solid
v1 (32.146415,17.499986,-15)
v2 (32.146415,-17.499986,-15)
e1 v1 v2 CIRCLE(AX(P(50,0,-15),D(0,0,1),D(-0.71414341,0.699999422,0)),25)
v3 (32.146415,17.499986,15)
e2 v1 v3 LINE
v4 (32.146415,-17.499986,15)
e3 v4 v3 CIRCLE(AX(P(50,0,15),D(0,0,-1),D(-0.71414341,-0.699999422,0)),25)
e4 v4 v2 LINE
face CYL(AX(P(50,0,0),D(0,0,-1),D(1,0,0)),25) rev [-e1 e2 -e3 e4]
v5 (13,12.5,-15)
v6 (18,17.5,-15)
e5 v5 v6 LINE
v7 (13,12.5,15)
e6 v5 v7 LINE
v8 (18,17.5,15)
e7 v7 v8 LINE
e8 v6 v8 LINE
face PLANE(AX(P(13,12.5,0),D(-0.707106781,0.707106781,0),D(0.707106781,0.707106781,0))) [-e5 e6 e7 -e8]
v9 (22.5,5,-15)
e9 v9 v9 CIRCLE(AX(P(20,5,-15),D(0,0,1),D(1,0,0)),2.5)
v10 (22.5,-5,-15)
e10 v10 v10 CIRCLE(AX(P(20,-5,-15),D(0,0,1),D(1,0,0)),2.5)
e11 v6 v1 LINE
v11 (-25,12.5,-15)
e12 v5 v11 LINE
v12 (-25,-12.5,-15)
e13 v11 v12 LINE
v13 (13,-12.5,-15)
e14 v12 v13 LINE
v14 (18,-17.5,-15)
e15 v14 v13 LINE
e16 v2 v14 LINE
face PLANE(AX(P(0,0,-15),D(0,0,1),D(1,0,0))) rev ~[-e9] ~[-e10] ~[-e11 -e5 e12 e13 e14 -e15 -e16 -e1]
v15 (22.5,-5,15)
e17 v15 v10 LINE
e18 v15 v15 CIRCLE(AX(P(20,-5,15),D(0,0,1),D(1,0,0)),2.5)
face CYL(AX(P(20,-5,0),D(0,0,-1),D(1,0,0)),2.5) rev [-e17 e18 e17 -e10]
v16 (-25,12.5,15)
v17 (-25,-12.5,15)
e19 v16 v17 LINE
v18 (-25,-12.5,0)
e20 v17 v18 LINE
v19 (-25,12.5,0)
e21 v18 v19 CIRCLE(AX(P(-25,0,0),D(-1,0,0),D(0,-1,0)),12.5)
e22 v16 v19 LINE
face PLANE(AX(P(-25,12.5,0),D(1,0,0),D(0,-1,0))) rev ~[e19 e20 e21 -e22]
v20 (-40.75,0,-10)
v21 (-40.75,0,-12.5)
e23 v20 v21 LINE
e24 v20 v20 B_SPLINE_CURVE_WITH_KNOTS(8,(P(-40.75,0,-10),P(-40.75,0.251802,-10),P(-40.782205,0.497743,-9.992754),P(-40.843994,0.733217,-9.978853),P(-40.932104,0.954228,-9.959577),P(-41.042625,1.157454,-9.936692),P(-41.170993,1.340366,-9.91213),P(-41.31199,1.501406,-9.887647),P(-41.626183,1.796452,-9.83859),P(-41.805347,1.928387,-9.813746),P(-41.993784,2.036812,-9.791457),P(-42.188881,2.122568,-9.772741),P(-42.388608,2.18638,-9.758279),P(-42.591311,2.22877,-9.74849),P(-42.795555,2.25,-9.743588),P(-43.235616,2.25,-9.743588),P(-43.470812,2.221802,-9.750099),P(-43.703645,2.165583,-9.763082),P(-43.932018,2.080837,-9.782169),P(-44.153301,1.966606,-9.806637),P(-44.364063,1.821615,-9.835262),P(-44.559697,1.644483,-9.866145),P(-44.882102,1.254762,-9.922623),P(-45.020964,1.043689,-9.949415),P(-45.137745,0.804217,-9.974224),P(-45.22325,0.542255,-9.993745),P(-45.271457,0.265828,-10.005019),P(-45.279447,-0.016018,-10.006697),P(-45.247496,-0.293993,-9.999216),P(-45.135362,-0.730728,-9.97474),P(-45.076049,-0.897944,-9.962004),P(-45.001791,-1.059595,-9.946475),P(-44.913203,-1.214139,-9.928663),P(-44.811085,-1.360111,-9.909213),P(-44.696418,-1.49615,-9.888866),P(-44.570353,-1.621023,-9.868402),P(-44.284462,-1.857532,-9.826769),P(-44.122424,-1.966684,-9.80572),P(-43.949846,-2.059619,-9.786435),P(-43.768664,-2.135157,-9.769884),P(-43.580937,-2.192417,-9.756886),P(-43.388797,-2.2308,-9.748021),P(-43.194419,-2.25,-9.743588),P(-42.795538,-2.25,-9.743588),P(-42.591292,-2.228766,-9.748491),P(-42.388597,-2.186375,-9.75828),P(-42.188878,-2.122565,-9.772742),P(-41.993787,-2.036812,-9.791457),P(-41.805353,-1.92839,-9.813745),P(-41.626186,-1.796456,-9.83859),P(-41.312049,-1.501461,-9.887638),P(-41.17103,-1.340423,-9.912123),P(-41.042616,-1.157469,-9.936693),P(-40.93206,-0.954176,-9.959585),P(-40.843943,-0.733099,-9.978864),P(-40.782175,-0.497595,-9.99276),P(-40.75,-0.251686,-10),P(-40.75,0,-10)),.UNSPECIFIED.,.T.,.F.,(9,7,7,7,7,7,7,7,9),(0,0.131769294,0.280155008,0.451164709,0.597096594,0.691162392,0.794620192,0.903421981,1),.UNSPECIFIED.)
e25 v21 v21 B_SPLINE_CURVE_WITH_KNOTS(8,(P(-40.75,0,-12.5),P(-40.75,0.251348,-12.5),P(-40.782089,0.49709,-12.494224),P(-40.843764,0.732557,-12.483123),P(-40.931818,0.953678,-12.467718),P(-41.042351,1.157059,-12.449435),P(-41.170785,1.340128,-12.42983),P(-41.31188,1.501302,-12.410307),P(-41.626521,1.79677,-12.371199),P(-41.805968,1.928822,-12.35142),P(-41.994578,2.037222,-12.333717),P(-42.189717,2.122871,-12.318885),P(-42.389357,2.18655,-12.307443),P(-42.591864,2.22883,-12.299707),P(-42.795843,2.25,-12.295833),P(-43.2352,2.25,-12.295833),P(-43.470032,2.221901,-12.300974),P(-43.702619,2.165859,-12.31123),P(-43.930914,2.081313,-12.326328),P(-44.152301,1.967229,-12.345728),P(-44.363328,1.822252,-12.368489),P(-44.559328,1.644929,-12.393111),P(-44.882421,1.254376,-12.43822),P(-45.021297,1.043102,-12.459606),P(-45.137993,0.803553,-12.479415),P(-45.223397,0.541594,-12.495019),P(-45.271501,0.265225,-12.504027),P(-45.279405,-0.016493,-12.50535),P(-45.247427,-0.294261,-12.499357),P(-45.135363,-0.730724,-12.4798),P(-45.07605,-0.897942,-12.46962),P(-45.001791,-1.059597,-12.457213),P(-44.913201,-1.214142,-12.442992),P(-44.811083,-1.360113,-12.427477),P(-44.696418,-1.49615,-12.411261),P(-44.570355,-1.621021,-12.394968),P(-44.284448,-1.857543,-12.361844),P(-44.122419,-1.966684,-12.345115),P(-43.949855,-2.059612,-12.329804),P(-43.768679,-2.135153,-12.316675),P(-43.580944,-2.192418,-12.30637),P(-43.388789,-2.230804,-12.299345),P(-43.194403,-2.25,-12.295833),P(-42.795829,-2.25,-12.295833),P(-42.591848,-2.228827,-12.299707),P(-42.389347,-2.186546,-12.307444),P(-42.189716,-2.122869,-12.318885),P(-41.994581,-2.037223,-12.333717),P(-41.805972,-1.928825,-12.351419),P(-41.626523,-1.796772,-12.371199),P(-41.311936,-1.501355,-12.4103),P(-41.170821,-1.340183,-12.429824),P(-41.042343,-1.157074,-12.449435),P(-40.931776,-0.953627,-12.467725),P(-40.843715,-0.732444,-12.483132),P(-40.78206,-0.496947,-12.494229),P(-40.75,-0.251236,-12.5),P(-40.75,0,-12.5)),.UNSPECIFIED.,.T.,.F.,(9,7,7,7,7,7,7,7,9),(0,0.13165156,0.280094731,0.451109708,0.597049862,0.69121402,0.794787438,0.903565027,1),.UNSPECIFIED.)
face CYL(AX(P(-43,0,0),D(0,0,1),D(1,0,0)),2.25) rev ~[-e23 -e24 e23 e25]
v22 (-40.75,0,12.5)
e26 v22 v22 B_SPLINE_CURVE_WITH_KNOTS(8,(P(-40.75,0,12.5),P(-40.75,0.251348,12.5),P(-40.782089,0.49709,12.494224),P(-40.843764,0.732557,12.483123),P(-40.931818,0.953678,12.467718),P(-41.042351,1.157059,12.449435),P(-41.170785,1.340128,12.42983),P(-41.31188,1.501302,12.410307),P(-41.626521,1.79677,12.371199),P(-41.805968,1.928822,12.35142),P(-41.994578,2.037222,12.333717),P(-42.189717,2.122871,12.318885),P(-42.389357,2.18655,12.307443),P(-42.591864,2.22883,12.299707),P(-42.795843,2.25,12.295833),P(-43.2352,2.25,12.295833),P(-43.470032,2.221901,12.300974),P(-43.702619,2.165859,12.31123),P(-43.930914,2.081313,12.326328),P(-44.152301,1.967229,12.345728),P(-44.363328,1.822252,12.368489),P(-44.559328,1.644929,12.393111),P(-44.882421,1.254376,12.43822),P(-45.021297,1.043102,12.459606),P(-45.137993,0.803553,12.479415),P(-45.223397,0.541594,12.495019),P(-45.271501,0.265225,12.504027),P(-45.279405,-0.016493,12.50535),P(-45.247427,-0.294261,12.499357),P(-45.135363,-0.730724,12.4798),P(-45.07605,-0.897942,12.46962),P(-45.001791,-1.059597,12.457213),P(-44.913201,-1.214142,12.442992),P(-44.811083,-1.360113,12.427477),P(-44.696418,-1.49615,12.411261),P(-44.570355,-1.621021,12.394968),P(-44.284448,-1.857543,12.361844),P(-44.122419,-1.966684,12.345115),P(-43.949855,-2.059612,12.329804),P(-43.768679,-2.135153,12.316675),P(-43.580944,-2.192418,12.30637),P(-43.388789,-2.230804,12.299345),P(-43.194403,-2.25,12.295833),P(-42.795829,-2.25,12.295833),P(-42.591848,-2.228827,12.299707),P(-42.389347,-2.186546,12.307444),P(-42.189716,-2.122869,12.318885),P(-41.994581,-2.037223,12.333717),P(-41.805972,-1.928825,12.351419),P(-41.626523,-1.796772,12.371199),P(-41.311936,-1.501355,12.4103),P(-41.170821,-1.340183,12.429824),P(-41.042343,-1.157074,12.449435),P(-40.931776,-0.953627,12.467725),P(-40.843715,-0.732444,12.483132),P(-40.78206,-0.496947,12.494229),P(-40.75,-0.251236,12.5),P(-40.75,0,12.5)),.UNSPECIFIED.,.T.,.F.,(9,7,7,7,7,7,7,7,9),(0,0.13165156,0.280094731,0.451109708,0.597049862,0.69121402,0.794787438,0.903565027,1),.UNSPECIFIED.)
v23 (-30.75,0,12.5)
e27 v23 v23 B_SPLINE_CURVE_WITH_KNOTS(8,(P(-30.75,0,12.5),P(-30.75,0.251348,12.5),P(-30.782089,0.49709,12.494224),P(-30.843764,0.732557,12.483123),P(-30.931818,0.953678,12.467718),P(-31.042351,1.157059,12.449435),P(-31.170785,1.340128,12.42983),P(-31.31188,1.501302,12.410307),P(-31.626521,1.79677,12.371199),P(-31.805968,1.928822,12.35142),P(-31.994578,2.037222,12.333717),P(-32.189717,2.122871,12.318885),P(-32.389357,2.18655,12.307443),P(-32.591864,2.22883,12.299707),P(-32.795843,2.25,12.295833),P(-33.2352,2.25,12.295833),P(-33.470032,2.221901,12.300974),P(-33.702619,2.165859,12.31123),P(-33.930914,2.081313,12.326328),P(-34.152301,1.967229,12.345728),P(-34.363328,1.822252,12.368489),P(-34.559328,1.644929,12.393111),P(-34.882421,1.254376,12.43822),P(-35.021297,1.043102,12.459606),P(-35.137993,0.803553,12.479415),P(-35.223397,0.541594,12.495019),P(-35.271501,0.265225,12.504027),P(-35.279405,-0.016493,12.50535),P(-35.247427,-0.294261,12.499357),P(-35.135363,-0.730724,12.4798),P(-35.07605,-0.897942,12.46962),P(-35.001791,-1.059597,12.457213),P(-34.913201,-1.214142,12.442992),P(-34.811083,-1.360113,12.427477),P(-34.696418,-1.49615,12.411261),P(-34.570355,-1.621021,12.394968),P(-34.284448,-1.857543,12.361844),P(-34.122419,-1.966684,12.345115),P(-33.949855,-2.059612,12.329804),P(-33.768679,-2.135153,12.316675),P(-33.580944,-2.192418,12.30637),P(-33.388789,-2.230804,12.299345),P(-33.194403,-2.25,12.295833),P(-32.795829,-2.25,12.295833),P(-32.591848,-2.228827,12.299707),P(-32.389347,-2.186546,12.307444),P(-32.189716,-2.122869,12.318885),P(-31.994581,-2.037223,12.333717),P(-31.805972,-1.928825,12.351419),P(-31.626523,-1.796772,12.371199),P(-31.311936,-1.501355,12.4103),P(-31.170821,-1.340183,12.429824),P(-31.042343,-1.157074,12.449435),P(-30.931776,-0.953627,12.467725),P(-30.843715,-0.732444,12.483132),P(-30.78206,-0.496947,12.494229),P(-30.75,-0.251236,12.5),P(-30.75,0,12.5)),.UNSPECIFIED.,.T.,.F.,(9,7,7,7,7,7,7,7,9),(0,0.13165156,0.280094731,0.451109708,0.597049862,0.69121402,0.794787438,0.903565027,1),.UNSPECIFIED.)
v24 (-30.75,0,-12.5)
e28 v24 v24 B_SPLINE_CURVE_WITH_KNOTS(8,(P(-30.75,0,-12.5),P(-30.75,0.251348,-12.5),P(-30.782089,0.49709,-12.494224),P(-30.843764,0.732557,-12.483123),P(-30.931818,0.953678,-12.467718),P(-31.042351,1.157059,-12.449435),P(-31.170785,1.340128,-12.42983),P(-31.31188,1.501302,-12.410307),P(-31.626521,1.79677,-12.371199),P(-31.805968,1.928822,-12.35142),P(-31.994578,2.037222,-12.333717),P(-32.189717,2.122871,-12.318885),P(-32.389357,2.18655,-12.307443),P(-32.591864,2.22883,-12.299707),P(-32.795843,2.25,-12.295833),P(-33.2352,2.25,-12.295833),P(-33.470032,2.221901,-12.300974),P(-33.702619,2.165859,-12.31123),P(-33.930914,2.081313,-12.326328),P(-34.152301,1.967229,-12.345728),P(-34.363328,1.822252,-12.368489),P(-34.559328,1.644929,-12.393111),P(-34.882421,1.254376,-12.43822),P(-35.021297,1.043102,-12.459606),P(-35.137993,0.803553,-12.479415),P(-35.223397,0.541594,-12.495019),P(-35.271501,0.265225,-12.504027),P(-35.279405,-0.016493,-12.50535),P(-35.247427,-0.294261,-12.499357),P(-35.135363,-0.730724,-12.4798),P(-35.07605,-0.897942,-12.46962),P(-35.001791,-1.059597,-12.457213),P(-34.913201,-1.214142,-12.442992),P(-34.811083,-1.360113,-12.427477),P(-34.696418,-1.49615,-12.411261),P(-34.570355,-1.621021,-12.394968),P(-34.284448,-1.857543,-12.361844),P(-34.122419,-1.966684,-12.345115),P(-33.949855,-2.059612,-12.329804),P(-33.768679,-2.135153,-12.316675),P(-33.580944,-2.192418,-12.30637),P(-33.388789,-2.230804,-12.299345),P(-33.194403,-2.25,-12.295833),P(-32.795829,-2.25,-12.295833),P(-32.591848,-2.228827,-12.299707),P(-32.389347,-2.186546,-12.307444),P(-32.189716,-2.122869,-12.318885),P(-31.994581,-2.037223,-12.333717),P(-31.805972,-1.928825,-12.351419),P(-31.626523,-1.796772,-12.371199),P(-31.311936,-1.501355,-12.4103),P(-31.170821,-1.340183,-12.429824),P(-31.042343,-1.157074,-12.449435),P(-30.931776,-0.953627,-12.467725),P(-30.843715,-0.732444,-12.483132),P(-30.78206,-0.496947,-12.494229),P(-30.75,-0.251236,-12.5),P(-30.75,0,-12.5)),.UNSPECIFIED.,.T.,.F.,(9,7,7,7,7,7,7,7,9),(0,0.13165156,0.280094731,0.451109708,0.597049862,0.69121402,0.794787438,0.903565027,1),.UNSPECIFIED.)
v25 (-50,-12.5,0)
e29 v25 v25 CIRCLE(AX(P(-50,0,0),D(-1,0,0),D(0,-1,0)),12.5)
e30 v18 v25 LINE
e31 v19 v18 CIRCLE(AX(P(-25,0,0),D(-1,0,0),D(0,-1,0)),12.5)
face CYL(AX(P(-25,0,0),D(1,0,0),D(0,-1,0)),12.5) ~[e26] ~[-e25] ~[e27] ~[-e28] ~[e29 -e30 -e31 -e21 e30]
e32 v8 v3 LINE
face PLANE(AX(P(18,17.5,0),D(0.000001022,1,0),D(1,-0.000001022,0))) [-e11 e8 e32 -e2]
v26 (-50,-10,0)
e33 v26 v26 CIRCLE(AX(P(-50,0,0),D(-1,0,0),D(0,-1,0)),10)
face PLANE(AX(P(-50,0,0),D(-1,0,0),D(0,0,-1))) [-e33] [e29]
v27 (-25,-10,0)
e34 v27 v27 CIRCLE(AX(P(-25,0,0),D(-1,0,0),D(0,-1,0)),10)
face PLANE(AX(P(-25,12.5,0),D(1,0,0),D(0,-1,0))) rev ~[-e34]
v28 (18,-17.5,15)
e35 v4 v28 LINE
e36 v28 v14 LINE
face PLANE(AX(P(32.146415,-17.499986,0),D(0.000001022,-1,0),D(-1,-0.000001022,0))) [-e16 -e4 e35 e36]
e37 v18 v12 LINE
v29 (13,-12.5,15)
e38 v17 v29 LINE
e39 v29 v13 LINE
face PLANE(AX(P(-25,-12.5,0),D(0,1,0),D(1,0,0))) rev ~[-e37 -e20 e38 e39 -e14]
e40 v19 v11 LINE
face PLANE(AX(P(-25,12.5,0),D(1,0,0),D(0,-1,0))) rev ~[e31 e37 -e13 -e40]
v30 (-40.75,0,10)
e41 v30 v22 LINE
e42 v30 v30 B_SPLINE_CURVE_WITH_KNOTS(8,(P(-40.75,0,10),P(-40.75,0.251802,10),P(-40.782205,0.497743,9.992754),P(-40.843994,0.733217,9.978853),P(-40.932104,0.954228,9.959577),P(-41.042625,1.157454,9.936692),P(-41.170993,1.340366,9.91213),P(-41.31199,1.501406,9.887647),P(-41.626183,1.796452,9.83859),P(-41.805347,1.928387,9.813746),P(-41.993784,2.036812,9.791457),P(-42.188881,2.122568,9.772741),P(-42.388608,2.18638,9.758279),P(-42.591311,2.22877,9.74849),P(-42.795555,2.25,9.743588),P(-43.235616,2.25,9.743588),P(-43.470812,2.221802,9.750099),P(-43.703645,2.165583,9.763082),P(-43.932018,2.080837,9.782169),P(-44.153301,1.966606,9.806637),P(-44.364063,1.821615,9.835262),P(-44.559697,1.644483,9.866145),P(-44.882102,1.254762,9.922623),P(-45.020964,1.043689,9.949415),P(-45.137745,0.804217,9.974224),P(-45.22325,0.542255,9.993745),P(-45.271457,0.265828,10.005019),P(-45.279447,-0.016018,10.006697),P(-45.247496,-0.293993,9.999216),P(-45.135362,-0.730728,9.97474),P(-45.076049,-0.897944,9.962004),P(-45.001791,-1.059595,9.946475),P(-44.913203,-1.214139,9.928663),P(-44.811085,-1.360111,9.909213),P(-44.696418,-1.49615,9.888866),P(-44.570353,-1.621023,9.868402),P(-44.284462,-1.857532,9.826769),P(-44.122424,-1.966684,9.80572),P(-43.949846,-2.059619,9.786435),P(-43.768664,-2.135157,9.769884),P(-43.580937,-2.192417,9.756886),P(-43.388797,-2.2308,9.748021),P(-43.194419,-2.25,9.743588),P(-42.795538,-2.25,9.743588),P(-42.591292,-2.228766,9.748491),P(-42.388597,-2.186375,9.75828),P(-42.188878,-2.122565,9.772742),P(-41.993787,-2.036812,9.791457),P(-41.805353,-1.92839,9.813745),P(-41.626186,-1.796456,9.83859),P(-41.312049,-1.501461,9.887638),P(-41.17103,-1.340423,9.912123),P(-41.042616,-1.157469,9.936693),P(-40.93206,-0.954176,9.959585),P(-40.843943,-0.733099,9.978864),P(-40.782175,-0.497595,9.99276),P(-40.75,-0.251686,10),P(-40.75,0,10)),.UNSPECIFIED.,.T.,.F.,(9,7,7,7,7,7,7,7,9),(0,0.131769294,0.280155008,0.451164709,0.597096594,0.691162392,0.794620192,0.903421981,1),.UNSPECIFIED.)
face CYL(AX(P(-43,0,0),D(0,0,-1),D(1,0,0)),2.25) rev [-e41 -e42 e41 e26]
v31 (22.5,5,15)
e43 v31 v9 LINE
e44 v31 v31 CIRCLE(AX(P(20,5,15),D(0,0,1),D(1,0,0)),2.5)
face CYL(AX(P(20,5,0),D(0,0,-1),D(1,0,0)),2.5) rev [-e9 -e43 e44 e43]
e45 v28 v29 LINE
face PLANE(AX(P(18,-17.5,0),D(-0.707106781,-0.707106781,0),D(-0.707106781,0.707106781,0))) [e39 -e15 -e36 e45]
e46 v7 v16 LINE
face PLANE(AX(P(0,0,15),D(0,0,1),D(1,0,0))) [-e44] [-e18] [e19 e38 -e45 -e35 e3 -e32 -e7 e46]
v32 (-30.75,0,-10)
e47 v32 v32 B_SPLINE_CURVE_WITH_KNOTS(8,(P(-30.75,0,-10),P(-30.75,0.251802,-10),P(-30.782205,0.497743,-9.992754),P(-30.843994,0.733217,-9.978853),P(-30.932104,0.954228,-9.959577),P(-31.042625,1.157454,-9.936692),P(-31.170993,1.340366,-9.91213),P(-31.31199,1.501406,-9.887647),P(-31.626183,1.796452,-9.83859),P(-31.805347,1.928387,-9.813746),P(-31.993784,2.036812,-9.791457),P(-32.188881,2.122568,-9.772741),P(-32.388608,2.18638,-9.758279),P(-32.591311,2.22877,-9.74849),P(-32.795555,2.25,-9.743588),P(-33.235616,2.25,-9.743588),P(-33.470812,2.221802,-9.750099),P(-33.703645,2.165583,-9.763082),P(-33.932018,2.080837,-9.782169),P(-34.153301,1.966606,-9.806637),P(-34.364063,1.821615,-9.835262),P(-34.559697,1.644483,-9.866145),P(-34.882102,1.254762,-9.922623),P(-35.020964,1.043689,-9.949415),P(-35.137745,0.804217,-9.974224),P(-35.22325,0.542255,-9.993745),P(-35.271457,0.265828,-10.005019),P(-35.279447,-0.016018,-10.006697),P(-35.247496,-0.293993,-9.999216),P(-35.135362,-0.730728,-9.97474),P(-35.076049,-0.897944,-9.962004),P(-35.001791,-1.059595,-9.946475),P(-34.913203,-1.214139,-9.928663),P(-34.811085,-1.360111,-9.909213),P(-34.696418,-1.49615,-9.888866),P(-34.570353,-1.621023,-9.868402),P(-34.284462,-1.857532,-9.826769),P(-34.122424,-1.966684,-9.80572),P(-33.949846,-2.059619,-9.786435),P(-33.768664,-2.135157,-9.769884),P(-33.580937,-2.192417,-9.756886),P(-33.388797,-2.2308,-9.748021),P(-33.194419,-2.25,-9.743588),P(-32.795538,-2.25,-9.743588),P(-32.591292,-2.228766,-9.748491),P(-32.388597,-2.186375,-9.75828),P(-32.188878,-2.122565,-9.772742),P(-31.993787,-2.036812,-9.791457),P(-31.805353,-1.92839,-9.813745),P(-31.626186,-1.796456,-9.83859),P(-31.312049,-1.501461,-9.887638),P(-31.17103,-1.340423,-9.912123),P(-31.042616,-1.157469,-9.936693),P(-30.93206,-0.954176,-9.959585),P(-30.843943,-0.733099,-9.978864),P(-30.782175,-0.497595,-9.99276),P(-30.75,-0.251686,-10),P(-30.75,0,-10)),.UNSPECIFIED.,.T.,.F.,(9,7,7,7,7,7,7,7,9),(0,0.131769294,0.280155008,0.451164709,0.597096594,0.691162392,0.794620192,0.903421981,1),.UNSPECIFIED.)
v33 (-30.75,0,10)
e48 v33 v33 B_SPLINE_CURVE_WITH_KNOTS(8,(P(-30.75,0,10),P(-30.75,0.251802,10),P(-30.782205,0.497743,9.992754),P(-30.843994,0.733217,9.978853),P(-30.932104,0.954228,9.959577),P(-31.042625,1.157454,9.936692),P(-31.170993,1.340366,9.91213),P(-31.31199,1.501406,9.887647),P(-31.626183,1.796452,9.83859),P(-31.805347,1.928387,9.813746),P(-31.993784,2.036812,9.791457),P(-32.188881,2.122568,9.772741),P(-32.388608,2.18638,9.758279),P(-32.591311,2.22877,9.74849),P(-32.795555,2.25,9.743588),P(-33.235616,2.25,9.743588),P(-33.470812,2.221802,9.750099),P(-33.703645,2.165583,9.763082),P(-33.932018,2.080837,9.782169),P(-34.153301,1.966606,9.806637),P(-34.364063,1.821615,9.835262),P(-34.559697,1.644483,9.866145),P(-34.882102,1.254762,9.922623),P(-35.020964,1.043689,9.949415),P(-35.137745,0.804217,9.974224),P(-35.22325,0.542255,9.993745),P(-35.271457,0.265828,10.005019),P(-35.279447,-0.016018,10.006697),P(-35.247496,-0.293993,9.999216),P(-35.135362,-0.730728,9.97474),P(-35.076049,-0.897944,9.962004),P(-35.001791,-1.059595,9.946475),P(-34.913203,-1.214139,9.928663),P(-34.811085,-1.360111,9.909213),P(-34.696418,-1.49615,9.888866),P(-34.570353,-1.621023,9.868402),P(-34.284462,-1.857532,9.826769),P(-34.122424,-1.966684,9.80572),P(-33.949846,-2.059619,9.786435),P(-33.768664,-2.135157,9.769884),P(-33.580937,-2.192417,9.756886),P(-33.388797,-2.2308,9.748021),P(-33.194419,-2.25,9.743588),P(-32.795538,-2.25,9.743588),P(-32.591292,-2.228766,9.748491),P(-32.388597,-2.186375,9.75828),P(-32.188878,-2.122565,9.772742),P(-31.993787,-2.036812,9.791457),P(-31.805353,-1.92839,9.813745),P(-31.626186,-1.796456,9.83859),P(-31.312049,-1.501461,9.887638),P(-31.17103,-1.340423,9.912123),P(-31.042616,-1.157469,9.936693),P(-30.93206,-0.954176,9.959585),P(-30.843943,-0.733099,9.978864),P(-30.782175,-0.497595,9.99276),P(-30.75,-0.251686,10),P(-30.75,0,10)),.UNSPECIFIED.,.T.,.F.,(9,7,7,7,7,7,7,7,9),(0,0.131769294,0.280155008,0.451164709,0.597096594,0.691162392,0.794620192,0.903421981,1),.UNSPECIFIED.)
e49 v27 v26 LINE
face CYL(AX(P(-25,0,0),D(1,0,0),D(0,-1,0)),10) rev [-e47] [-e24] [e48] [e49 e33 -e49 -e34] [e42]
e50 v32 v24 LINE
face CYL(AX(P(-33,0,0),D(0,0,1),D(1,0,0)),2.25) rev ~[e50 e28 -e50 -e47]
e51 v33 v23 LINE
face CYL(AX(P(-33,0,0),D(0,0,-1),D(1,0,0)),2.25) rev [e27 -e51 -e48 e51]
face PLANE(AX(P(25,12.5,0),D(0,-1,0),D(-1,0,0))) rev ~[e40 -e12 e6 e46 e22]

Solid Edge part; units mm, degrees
sketch "Sketch1" plane through (0, 0, 0) normal (0, 0, 1) x (1, 0, 0)
  line L0 (-25, -12.5) -> (25, -12.5)
  line L1 (25, -12.5) -> (25, 12.5)
  line L2 (25, 12.5) -> (-25, 12.5)
  line L3 (-25, 12.5) -> (-25, -12.5)
  circle A0 centre (20, 5) radius 2.5
  circle A1 centre (20, -5) radius 2.5
extrude "Protrusion1" add sketch "Sketch1" along normal mid plane 30
sketch "Sketch2" plane through (-25, 0, 0) normal (-1, 0, 0) x (0, -1, 0)
  circle A0 centre (0, 0) radius 10
  circle A1 centre (0, 0) radius 12.5
extrude "ExtrudedProtrusion_2" add sketch "Sketch2" along normal mid plane 50
sketch "Sketch3" plane through (0, 0, 0) normal (0, 0, 1) x (1, 0, 0)
  arc A0 (32.1464, 17.5) -> (32.1464, -17.5) centre (50, 0) ccw
  line L0 (32.1464, -17.5) -> (18, -17.5)
  line L1 (18, -17.5) -> (13, -12.5)
  line L2 (13, -12.5) -> (22.5, -12.5)
  line L3 (22.5, -12.5) -> (22.5, 12.5)
  line L4 (22.5, 12.5) -> (13, 12.5)
  line L5 (13, 12.5) -> (18, 17.5)
  line L6 (18, 17.5) -> (32.1464, 17.5)
extrude "Protrusion2" add sketch "Sketch3" along normal mid plane 30
sketch "Sketch4" plane through (0, 0, 0) normal (0, 0, 1) x (1, 0, 0)
  circle A0 centre (-43, 0) radius 2.25
  circle A1 centre (-33, 0) radius 2.25
extrude "ExtrudedCutout_1" cut sketch "Sketch4" along normal mid plane 87.851
properties material "PVC"
